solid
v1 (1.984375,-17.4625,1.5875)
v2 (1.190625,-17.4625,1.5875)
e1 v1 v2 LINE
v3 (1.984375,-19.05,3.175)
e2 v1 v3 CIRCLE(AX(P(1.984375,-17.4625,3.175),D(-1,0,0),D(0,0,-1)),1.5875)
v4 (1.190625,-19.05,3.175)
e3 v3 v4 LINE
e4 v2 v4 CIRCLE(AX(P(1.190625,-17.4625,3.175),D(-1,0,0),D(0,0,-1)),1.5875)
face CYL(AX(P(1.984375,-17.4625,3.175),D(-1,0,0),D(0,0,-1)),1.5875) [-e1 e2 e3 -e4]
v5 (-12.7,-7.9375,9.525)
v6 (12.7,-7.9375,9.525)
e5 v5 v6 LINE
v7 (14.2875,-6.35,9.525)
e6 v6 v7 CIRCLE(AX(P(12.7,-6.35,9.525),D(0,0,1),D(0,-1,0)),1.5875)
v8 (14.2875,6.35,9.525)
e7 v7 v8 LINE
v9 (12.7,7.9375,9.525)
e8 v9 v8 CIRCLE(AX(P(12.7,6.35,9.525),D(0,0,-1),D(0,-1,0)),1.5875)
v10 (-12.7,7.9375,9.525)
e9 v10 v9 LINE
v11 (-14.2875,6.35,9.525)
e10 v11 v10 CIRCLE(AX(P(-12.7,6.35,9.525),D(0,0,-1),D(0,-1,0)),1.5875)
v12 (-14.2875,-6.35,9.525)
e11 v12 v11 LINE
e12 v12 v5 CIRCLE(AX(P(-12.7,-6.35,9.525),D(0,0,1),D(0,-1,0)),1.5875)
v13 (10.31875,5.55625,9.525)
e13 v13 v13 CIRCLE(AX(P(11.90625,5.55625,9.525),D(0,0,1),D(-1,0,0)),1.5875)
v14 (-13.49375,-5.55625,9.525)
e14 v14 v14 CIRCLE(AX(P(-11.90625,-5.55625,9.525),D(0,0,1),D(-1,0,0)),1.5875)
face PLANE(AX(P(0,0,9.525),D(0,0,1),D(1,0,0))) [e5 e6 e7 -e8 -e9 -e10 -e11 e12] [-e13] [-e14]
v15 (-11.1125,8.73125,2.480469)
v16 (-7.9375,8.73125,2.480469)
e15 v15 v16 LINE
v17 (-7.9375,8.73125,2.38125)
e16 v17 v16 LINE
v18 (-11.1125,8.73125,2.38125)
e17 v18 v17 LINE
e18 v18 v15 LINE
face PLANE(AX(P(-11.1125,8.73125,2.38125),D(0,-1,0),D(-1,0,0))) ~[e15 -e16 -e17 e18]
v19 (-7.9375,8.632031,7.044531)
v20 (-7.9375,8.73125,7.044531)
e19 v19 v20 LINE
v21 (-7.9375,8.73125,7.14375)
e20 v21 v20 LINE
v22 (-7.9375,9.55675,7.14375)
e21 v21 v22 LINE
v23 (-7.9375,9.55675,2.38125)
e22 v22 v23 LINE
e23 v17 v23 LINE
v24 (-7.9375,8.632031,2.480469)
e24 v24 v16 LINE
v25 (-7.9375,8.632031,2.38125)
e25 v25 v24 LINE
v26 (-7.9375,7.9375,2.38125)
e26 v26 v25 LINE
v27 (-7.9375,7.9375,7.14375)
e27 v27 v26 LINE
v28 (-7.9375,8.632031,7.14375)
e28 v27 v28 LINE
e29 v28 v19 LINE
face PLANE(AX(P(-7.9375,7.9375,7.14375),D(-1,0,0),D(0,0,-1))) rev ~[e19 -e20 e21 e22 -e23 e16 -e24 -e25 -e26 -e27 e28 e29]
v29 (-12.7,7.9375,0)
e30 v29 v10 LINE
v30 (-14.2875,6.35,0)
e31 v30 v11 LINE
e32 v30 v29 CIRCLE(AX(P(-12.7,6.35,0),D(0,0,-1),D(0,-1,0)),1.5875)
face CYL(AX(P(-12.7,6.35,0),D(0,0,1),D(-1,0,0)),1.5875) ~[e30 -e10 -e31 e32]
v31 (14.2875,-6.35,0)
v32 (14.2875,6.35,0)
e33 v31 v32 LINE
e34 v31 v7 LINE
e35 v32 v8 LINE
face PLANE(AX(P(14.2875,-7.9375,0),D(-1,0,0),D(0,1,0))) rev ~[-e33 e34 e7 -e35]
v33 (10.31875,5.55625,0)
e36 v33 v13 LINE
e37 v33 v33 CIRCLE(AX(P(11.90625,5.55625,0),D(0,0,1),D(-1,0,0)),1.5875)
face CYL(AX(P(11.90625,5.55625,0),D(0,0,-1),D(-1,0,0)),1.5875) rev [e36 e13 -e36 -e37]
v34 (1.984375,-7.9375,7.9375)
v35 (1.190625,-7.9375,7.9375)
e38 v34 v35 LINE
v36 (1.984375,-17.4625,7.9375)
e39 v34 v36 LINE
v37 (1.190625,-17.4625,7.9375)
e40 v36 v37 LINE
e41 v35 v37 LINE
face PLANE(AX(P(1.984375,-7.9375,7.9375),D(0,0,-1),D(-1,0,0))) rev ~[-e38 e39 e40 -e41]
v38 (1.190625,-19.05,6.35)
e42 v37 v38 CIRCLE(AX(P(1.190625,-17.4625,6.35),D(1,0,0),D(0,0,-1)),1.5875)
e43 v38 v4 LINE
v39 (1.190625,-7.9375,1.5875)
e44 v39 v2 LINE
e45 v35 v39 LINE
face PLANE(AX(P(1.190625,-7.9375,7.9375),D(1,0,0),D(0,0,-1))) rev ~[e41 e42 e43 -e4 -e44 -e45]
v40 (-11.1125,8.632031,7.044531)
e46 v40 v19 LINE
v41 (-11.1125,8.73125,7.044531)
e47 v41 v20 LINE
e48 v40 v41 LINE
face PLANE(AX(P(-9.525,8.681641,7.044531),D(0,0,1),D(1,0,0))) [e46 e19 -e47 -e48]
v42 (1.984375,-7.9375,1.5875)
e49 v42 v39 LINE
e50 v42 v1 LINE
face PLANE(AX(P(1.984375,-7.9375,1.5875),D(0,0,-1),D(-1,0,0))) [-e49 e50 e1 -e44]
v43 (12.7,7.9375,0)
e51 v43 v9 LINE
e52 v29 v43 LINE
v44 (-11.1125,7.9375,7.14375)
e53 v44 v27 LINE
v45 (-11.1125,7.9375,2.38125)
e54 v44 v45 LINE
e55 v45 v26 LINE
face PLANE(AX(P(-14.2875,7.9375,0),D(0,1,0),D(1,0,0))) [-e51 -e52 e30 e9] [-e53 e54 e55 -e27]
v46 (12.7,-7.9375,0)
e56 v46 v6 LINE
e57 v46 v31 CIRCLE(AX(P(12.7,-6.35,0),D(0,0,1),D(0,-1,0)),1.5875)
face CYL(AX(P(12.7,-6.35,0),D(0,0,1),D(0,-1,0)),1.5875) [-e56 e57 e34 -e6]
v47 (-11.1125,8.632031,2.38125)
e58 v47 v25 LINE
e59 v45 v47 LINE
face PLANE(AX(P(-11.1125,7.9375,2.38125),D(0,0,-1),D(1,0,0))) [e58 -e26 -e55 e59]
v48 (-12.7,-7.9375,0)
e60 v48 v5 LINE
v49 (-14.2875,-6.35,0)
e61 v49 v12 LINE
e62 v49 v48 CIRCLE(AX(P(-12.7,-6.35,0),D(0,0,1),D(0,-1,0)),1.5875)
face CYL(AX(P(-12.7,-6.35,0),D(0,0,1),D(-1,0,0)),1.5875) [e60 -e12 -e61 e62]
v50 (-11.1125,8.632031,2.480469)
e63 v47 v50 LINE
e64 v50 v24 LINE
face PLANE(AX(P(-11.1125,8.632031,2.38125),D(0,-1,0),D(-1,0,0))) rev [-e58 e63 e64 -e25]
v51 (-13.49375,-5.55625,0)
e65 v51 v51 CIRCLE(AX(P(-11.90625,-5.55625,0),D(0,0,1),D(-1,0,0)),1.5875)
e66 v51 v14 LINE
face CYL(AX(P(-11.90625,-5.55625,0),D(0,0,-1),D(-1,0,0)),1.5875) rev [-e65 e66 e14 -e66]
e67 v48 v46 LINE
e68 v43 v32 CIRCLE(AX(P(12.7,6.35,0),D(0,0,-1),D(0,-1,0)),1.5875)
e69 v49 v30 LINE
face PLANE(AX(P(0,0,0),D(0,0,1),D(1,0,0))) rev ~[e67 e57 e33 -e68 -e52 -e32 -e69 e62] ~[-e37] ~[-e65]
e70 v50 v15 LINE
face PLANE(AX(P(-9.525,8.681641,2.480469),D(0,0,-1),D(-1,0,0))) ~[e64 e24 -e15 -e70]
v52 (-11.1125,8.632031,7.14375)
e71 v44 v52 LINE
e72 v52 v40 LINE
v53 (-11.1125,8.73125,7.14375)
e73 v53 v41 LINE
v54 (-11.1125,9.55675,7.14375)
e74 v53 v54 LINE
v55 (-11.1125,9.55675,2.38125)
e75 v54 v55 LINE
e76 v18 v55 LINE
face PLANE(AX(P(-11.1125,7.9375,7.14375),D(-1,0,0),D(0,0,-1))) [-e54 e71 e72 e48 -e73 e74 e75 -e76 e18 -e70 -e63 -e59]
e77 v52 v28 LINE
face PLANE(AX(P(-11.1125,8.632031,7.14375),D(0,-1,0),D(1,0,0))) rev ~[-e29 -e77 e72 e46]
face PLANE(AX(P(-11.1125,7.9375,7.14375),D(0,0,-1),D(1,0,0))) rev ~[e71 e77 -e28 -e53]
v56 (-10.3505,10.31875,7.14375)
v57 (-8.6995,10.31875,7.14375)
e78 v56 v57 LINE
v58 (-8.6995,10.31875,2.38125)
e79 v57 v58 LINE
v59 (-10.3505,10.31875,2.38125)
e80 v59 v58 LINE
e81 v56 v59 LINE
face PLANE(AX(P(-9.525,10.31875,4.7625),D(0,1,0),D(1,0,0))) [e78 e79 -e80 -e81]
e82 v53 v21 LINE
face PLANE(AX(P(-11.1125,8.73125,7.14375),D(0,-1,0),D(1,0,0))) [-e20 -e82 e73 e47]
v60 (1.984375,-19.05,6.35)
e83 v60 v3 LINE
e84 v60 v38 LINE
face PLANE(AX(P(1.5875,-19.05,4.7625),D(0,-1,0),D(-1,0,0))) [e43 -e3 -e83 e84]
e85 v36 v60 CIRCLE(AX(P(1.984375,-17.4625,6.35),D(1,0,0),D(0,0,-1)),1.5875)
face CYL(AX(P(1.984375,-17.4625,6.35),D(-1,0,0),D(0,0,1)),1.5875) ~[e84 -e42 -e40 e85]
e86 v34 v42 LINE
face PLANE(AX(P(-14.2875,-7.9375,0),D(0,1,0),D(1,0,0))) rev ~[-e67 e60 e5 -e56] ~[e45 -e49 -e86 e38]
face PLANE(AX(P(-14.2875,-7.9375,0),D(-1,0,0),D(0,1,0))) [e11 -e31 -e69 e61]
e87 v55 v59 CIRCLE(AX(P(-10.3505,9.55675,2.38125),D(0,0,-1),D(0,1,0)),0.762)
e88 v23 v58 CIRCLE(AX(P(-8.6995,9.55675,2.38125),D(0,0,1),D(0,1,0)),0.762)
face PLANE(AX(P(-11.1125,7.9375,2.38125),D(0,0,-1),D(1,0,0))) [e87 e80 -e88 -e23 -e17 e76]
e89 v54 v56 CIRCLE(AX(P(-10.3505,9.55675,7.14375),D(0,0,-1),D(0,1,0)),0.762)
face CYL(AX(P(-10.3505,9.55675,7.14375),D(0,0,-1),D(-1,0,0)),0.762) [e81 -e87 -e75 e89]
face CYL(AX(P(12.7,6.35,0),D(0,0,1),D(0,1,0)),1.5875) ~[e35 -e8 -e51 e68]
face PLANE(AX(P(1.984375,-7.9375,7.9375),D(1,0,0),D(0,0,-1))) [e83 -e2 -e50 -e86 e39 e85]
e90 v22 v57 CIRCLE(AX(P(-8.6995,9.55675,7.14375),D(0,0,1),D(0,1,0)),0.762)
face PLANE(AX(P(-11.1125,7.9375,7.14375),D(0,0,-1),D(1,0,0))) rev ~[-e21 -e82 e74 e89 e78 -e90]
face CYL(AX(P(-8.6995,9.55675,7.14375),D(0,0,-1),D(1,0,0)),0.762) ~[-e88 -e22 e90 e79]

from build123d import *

# Parameters (mm, degrees)
SKETCH1_W           = 28.575
SKETCH1_H           = 15.875
SKETCH1_R           = 1.5875
BOSS_EXTRUDE1_DEPTH = 9.525
FILLET1_R           = 1.5875
SKETCH2_W           = 3.175
SKETCH2_H           = 4.7625
BOSS_EXTRUDE2_DEPTH = 2.38125
FILLET2_R           = 0.762
SKETCH3_W           = 0.79375
SKETCH3_H           = 6.35
BOSS_EXTRUDE3_DEPTH = 11.1125
FILLET3_R           = 1.5875
SKETCH4_W           = 3.175
SKETCH4_H           = 0.09921875
CUT_EXTRUDE1_DEPTH  = 0.09921875


with BuildPart() as part:
    # Sketch1 → Boss-Extrude1 (new body)
    with BuildSketch(Plane.XY):
        Rectangle(SKETCH1_W, SKETCH1_H)
        with Locations(Location((11.90625, 5.55625, 0), (0, 0, 180))):
            Circle(SKETCH1_R, mode=Mode.SUBTRACT)
        with Locations(Location((-11.90625, -5.55625, 0), (0, 0, 180))):
            Circle(SKETCH1_R, mode=Mode.SUBTRACT)
    extrude(amount=BOSS_EXTRUDE1_DEPTH)

    # Fillet1
    fillet1_edges = [part.edges().sort_by_distance(p)[0] for p in [
        (-14.2875, 7.9375, 4.7625),
        (14.2875, 7.9375, 4.7625),
        (14.2875, -7.9375, 4.7625),
        (-14.2875, -7.9375, 4.7625),
    ]]
    fillet(fillet1_edges, radius=FILLET1_R)

    # Sketch2 → Boss-Extrude2 (add)
    with BuildSketch(Plane(origin=(0, 7.9375, 0), x_dir=(1, 0, 0), z_dir=(0, 1, 0))):
        with Locations((-9.525, -4.7625)):
            Rectangle(SKETCH2_W, SKETCH2_H)
    extrude(amount=BOSS_EXTRUDE2_DEPTH)

    # Fillet2
    fillet2_edges = [part.edges().sort_by_distance(p)[0] for p in [
        (-11.1125, 10.31875, 4.7625),
        (-7.9375, 10.31875, 4.7625),
    ]]
    fillet(fillet2_edges, radius=FILLET2_R)

    # Sketch3 → Boss-Extrude3 (add)
    with BuildSketch(Plane(origin=(0, -7.9375, 0), x_dir=(-1, 0, 0), z_dir=(0, -1, 0))):
        with Locations((-1.5875, -4.7625)):
            Rectangle(SKETCH3_W, SKETCH3_H)
    extrude(amount=BOSS_EXTRUDE3_DEPTH)

    # Fillet3
    fillet3_edges = [part.edges().sort_by_distance(p)[0] for p in [
        (1.5875, -19.05, 1.5875),
        (1.5875, -19.05, 7.9375),
    ]]
    fillet(fillet3_edges, radius=FILLET3_R)

    # Sketch4 → Cut-Extrude1 (cut)
    with BuildSketch(Plane.XY.offset(7.14375)):
        with Locations((-9.525, 8.681640625)):
            Rectangle(SKETCH4_W, SKETCH4_H)
    cut_extrude1 = extrude(amount=-CUT_EXTRUDE1_DEPTH, mode=Mode.SUBTRACT)

    # Mirror1: Cut-Extrude1 across plane
    add(cut_extrude1.mirror(Plane.XY.offset(4.7625)), mode=Mode.SUBTRACT)


solid = part.part
